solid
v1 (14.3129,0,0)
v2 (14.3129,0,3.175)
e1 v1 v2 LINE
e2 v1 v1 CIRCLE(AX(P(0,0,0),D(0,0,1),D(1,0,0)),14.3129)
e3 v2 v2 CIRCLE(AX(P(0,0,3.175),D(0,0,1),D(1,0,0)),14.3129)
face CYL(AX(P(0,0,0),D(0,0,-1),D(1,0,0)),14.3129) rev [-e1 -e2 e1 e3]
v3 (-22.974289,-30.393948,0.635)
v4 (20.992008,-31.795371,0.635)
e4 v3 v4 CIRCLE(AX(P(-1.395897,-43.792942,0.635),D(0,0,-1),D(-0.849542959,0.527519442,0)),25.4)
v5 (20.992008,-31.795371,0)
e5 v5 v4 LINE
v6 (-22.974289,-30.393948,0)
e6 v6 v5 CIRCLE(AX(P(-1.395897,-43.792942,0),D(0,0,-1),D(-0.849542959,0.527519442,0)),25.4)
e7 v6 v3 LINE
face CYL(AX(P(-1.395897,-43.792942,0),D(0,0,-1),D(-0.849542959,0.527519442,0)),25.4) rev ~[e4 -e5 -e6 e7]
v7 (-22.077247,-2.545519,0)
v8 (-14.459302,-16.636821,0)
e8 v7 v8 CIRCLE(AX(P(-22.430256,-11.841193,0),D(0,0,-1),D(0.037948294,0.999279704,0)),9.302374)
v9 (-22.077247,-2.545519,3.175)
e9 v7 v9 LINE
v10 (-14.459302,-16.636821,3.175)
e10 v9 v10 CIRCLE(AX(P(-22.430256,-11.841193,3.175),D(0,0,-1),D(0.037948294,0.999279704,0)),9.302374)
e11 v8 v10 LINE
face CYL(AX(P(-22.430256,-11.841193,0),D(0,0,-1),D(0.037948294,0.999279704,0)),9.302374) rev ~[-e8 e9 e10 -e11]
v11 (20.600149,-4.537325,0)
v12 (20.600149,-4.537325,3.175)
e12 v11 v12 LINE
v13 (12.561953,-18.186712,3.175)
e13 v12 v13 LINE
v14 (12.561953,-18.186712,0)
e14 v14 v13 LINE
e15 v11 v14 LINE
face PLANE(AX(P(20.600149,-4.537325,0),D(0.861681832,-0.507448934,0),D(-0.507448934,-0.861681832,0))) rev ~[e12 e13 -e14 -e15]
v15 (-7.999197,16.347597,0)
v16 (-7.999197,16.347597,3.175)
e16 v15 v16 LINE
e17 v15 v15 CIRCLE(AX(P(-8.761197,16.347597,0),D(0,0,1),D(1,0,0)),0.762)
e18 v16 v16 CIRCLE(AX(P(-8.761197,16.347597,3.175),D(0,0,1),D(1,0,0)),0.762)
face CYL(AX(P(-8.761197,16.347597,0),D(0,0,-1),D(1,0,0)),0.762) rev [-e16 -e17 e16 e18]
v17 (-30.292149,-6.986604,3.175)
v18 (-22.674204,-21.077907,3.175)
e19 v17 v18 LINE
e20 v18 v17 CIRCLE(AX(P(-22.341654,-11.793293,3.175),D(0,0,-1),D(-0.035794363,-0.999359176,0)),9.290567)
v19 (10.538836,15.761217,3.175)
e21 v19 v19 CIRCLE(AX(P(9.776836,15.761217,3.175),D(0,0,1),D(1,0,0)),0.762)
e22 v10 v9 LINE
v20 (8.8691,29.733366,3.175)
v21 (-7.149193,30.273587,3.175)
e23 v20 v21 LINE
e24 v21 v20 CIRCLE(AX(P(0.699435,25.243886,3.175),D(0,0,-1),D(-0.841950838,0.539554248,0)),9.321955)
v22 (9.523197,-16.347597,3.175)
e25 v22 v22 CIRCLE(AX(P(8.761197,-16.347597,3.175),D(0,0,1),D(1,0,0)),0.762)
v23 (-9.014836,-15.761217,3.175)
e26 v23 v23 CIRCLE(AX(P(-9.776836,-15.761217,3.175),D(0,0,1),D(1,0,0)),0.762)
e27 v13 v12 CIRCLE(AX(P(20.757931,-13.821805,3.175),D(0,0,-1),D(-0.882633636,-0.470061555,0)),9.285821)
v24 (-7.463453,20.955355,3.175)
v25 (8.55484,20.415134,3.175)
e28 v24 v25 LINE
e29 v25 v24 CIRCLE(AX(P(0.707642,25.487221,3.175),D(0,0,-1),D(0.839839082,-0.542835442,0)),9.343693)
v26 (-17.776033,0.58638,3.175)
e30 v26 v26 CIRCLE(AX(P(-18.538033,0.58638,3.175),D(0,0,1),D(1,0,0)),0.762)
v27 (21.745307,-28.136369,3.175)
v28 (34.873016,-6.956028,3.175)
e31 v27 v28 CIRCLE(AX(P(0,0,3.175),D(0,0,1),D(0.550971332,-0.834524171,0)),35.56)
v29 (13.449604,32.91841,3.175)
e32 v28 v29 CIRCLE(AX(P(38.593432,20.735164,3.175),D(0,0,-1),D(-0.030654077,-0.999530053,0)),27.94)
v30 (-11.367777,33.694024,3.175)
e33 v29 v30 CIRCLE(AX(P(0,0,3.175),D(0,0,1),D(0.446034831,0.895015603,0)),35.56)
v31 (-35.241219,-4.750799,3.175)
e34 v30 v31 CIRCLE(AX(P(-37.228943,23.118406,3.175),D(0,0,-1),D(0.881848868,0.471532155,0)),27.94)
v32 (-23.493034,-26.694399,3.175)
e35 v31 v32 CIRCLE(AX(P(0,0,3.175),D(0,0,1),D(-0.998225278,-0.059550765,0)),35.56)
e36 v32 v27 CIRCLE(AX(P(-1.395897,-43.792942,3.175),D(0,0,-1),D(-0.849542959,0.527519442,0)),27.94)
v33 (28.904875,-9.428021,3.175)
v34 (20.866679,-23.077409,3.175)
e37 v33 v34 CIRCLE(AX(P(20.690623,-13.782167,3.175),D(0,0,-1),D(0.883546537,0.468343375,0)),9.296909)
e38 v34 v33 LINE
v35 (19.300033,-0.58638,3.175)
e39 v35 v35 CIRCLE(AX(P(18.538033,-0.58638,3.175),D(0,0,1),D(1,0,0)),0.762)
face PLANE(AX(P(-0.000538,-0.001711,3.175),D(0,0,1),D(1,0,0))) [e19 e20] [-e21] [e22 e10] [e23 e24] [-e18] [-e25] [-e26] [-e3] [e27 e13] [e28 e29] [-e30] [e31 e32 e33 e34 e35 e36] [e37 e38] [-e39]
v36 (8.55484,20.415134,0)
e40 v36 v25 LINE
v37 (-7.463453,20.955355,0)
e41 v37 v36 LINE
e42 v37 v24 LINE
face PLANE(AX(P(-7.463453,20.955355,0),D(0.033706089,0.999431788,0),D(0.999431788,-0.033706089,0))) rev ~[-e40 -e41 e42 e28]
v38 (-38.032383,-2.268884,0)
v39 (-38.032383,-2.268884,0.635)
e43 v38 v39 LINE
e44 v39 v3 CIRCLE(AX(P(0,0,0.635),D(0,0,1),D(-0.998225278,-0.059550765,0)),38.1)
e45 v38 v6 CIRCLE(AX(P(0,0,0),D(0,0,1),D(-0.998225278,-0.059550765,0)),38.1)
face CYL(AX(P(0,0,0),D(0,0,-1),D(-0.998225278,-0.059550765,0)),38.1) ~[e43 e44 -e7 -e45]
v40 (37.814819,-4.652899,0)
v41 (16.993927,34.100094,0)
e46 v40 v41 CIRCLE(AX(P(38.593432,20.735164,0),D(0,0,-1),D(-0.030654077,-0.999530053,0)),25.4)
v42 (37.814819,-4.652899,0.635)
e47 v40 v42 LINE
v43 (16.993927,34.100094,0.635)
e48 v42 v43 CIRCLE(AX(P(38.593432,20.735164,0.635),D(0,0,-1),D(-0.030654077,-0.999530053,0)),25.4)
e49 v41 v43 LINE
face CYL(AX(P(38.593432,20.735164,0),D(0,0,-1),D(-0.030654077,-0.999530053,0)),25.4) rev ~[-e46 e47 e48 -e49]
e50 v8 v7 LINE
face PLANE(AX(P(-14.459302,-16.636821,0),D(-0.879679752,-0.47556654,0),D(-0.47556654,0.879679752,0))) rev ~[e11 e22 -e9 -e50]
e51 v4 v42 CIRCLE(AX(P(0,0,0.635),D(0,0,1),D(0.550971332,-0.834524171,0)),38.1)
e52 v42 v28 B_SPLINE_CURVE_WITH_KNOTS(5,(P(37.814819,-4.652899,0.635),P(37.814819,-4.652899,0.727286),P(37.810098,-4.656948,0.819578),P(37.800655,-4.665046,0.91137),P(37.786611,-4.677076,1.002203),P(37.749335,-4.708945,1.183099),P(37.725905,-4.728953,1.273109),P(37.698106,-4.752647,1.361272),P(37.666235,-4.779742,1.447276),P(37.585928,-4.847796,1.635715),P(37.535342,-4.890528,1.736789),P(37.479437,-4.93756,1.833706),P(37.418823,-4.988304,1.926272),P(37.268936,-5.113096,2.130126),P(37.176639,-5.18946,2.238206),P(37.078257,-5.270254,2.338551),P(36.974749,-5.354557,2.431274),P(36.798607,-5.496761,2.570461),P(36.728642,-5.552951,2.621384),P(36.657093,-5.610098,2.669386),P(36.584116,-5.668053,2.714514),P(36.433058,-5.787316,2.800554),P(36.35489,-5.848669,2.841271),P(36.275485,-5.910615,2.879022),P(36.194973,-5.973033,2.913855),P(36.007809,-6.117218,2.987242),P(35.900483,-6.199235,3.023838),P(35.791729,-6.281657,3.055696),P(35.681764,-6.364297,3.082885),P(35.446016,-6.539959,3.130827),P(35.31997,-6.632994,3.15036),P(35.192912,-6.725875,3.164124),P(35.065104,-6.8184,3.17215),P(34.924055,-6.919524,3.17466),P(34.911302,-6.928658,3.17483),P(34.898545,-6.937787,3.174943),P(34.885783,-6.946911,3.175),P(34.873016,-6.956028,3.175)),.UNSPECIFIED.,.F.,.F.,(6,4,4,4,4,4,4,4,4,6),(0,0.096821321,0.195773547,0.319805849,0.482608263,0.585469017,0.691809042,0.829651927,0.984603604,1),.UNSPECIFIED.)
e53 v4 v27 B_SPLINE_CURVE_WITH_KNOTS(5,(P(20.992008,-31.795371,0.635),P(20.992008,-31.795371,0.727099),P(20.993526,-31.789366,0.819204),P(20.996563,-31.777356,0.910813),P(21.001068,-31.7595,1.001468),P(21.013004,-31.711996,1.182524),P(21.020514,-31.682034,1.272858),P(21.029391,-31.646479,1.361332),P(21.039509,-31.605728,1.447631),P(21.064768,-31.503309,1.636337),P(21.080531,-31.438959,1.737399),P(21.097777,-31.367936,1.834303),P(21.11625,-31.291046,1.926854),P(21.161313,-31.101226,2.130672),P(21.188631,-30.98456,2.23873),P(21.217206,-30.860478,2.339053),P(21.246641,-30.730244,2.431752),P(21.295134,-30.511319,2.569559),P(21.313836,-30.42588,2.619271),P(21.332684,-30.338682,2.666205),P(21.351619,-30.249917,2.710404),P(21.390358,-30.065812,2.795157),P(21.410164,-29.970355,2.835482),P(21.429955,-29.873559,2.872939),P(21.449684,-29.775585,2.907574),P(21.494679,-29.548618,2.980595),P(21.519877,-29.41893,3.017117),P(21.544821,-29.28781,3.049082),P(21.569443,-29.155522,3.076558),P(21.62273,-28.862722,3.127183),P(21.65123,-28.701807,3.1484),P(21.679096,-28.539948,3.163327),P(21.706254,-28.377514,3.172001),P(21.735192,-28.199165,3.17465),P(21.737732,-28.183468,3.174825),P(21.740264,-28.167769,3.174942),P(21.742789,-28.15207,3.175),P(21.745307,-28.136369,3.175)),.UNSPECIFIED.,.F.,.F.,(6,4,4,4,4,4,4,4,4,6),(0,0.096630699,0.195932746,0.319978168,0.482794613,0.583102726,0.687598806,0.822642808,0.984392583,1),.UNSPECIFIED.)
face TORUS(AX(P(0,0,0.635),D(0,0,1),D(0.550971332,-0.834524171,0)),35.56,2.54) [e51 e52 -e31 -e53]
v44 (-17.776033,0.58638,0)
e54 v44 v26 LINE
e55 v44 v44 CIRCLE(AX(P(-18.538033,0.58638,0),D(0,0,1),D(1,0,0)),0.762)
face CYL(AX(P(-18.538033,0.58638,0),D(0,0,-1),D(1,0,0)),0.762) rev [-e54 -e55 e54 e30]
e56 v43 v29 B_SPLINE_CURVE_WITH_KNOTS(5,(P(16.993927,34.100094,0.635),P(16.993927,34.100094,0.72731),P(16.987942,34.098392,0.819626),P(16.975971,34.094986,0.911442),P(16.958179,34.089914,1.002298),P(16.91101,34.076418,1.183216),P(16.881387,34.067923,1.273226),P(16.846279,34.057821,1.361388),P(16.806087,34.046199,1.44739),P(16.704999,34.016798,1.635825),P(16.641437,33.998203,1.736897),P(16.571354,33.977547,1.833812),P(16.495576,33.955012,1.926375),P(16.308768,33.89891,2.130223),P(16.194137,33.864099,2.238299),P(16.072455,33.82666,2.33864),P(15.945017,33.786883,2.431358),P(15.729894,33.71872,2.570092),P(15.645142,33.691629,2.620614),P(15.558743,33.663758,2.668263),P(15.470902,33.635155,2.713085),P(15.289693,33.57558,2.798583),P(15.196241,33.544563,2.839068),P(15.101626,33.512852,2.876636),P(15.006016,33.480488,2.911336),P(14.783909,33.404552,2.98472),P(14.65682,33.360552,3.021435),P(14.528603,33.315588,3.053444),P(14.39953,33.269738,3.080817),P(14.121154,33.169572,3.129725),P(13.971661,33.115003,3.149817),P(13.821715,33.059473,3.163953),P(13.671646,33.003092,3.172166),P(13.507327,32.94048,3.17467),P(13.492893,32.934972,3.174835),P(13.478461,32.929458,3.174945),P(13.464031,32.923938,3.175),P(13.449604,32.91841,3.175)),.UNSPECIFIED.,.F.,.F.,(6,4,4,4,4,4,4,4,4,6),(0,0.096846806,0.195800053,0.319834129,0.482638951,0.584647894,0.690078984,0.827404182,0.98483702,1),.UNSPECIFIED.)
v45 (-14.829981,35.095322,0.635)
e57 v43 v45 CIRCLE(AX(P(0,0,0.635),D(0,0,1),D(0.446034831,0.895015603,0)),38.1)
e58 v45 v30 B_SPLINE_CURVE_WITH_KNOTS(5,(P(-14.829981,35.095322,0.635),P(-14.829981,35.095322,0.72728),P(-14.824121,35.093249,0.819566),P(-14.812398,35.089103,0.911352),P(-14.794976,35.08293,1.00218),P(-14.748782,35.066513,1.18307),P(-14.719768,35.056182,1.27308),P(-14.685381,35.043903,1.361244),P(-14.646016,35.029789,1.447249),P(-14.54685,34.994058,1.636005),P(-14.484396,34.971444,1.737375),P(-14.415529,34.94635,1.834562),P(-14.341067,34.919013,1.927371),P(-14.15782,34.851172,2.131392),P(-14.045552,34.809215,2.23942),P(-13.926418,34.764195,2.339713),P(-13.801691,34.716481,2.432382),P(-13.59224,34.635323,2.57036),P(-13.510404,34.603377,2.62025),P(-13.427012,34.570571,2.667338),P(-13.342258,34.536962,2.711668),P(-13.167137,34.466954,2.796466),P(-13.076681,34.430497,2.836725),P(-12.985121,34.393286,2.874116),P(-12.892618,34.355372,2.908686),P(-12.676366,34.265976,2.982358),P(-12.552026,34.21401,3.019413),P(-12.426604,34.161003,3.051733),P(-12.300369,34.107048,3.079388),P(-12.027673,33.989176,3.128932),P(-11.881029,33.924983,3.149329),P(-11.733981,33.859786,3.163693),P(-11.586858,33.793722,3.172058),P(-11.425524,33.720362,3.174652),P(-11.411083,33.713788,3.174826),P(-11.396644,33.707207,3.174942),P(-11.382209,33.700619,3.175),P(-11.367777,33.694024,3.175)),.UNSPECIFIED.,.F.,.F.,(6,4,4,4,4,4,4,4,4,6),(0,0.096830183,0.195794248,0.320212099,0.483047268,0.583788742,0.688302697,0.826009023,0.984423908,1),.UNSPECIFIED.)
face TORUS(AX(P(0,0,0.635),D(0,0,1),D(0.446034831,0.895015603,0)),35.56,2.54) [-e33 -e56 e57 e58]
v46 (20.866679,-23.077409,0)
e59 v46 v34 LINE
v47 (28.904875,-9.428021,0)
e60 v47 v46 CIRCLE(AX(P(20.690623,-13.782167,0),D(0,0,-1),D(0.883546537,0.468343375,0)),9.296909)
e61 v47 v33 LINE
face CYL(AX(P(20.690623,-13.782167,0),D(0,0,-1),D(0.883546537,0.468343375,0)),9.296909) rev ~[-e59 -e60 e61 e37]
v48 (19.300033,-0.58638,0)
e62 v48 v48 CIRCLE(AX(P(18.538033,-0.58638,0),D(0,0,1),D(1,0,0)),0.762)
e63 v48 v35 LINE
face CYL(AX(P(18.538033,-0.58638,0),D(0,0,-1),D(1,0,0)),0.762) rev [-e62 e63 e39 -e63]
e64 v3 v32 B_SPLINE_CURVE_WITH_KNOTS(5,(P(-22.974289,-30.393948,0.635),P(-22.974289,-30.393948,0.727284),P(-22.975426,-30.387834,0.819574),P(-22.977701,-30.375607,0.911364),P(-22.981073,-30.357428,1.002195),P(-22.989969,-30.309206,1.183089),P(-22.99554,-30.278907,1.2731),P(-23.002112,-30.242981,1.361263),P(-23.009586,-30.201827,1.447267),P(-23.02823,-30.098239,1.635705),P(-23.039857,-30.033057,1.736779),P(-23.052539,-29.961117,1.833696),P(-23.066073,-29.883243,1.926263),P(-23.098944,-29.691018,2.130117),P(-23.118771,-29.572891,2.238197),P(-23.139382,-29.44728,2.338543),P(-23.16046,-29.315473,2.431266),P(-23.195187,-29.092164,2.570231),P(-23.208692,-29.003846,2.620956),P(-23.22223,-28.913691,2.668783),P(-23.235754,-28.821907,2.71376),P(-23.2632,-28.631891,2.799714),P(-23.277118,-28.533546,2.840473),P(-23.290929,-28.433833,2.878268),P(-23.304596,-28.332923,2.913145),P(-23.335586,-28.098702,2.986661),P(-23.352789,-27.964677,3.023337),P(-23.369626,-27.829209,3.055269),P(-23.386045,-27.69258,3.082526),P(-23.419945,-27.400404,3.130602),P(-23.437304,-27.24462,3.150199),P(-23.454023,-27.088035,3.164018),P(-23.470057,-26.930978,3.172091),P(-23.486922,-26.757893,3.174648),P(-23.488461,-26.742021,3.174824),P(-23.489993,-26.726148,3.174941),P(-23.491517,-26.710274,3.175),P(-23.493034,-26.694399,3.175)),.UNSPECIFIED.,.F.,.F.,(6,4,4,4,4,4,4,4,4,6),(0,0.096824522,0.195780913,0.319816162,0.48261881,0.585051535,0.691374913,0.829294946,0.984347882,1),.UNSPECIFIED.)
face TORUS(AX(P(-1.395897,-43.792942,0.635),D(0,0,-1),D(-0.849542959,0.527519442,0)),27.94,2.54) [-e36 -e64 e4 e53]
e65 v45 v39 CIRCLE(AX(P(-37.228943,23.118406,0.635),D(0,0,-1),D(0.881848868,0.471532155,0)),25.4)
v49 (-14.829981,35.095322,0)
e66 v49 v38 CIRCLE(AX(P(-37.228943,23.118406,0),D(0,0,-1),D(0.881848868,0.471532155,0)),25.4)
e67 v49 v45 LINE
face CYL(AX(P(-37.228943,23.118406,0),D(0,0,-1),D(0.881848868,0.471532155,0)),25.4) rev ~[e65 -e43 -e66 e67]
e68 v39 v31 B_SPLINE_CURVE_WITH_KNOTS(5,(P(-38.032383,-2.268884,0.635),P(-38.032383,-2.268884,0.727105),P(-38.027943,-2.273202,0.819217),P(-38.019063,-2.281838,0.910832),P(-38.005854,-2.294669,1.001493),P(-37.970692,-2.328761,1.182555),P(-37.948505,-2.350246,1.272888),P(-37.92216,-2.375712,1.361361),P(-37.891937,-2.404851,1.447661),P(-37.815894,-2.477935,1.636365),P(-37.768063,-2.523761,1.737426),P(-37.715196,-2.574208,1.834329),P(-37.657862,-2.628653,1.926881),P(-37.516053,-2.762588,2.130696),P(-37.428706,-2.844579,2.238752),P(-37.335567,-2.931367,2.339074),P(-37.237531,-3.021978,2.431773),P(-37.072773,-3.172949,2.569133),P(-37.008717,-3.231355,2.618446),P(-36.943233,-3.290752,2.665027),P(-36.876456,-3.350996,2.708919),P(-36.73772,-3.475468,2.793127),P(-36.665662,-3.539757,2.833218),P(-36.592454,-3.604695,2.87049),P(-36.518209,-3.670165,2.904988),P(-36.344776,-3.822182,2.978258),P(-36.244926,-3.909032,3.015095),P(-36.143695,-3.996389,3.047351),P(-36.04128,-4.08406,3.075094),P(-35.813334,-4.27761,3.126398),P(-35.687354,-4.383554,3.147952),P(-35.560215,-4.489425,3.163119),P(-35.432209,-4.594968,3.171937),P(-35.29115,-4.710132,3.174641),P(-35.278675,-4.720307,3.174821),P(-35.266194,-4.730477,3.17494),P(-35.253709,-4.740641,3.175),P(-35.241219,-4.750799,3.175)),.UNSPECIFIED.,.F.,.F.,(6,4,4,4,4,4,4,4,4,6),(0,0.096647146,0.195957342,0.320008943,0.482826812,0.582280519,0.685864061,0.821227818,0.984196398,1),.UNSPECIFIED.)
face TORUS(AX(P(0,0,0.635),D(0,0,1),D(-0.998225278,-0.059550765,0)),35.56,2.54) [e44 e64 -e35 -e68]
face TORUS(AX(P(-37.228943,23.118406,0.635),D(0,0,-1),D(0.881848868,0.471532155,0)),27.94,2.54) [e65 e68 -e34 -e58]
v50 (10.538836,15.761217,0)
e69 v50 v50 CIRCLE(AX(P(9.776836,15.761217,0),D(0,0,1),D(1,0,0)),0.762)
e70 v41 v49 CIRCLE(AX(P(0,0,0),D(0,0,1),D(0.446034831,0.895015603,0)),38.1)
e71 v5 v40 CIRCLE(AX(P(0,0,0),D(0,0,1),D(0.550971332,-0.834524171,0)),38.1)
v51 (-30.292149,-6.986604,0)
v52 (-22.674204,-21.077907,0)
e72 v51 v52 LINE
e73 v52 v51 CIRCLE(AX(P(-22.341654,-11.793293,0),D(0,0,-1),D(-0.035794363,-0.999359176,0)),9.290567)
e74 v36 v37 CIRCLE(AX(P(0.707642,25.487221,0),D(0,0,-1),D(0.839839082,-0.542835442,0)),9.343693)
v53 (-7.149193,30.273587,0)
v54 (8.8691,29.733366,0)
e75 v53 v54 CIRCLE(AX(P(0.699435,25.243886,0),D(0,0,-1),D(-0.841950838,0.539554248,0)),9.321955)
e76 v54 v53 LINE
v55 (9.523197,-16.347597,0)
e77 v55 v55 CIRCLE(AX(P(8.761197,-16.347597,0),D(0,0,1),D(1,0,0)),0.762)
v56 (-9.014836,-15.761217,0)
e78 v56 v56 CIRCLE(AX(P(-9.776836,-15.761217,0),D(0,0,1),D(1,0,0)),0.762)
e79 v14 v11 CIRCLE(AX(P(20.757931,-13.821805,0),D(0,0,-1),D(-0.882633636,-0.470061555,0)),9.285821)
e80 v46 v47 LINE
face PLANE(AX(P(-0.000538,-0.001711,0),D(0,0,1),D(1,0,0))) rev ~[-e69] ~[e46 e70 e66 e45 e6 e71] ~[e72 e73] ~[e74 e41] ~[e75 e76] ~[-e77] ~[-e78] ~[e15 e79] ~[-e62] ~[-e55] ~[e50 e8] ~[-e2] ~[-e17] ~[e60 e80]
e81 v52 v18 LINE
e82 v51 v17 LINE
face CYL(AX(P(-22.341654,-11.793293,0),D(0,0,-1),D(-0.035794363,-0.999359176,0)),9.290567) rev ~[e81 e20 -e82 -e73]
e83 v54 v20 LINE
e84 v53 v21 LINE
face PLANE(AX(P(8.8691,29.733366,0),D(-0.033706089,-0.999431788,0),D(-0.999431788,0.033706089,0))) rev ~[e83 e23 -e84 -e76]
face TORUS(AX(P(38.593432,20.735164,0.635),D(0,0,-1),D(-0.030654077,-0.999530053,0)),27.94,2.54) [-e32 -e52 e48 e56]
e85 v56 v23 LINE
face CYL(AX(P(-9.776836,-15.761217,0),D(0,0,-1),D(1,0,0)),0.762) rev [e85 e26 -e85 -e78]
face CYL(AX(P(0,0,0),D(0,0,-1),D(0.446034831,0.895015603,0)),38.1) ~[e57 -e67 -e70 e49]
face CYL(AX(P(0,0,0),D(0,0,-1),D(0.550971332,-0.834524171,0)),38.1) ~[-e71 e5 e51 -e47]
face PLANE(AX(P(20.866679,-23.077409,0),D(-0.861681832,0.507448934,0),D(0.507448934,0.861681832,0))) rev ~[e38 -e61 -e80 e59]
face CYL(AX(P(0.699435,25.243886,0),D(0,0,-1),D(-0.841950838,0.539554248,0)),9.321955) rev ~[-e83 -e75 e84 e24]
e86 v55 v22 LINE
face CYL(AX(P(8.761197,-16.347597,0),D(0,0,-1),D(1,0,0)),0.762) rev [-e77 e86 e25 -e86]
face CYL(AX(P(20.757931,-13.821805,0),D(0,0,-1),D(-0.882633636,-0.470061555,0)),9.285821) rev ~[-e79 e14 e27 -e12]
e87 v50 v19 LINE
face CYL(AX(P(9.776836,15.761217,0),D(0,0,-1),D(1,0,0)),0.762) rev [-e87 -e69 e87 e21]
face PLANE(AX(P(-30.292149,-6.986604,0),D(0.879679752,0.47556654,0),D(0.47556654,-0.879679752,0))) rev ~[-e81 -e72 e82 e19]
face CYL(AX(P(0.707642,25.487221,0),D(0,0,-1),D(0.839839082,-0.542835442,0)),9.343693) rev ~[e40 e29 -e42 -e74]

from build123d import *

# Parameters (mm, degrees)
F0_R     = 0.762
F0_R_2   = 14.3129
F1_DEPTH = 3.175
F2_R     = 2.54


with BuildPart() as f1:
    # F0 (on Top) → F1 (new body)
    with BuildSketch(Plane.XY):
        with BuildLine():
            ThreePointArc((37.814818885, -4.6528993857), (16.2183640692, 8.713670097), (16.9939270688, 34.1000944688))
            ThreePointArc((16.9939270688, 34.1000944688), (1.1909176957, 38.0813827879), (-14.8299813197, 35.0953223957))
            ThreePointArc((-14.8299813197, 35.0953223957), (-15.6508840085, 9.7188762367), (-38.0323831061, -2.2688841474))
            ThreePointArc((-38.0323831061, -2.2688841474), (-33.5888120947, -17.9833729335), (-22.9742885145, -30.3939478721))
            ThreePointArc((-22.9742885145, -30.3939478721), (-0.5866848831, -18.4058352173), (20.9920077442, -31.7953709031))
            ThreePointArc((20.9920077442, -31.7953709031), (32.3842423806, -20.0716428185), (37.814818885, -4.6528993857))
        make_face()
        with BuildLine():
            ThreePointArc((-22.6742041591, -21.077906737), (-30.5143778905, -16.2115761649), (-30.2921493088, -6.9866039788))
            Line((-30.2921493088, -6.9866039788), (-22.6742041591, -21.077906737))
        make_face(mode=Mode.SUBTRACT)
        with Locations((-9.7768361415, -15.7612173143)):
            Circle(F0_R, mode=Mode.SUBTRACT)
        with BuildLine():
            ThreePointArc((-22.077246757, -2.5455187134), (-14.2471455868, -7.4172946457), (-14.4593016073, -16.6368214716))
            Line((-14.4593016073, -16.6368214716), (-22.077246757, -2.5455187134))
        make_face(mode=Mode.SUBTRACT)
        with Locations((8.761196518, -16.3475971243)):
            Circle(F0_R, mode=Mode.SUBTRACT)
        with BuildLine():
            ThreePointArc((12.5619529023, -18.1867123268), (12.756507598, -9.1097250706), (20.6001486004, -4.5373247159))
            Line((20.6001486004, -4.5373247159), (12.5619529023, -18.1867123268))
        make_face(mode=Mode.SUBTRACT)
        with Locations((18.5380326595, -0.58637981)):
            Circle(F0_R, mode=Mode.SUBTRACT)
        with BuildLine():
            Line((20.8666791326, -23.0774090058), (28.9048748307, -9.4280213948))
            ThreePointArc((28.9048748307, -9.4280213948), (28.7016006579, -18.4998737054), (20.8666791326, -23.0774090058))
        make_face(mode=Mode.SUBTRACT)
        with Locations((-18.5380326595, 0.58637981)):
            Circle(F0_R, mode=Mode.SUBTRACT)
        with Locations((-8.761196518, 16.3475971243)):
            Circle(F0_R, mode=Mode.SUBTRACT)
        Circle(F0_R_2, mode=Mode.SUBTRACT)
        with BuildLine():
            ThreePointArc((8.554840384, 20.4151336434), (0.3927024044, 16.1488375122), (-7.4634526605, 20.9553546163))
            Line((-7.4634526605, 20.9553546163), (8.554840384, 20.4151336434))
        make_face(mode=Mode.SUBTRACT)
        with Locations((9.7768361415, 15.7612173143)):
            Circle(F0_R, mode=Mode.SUBTRACT)
        with BuildLine():
            Line((8.86910012, 29.7333659897), (-7.1491929245, 30.2735869625))
            ThreePointArc((-7.1491929245, 30.2735869625), (1.0136418787, 34.5605448721), (8.86910012, 29.7333659897))
        make_face(mode=Mode.SUBTRACT)
    extrude(amount=F1_DEPTH)

    # F2
    f2_edges = [f1.edges().sort_by_distance(p)[0] for p in [
        (-0.586685, -18.405835, 3.175),
        (1.190918, 38.081383, 3.175),
        (-15.650884, 9.718876, 3.175),
        (-33.588812, -17.983373, 3.175),
        (16.218364, 8.71367, 3.175),
        (32.384242, -20.071643, 3.175),
    ]]
    fillet(f2_edges, radius=F2_R)


solid = f1.part
